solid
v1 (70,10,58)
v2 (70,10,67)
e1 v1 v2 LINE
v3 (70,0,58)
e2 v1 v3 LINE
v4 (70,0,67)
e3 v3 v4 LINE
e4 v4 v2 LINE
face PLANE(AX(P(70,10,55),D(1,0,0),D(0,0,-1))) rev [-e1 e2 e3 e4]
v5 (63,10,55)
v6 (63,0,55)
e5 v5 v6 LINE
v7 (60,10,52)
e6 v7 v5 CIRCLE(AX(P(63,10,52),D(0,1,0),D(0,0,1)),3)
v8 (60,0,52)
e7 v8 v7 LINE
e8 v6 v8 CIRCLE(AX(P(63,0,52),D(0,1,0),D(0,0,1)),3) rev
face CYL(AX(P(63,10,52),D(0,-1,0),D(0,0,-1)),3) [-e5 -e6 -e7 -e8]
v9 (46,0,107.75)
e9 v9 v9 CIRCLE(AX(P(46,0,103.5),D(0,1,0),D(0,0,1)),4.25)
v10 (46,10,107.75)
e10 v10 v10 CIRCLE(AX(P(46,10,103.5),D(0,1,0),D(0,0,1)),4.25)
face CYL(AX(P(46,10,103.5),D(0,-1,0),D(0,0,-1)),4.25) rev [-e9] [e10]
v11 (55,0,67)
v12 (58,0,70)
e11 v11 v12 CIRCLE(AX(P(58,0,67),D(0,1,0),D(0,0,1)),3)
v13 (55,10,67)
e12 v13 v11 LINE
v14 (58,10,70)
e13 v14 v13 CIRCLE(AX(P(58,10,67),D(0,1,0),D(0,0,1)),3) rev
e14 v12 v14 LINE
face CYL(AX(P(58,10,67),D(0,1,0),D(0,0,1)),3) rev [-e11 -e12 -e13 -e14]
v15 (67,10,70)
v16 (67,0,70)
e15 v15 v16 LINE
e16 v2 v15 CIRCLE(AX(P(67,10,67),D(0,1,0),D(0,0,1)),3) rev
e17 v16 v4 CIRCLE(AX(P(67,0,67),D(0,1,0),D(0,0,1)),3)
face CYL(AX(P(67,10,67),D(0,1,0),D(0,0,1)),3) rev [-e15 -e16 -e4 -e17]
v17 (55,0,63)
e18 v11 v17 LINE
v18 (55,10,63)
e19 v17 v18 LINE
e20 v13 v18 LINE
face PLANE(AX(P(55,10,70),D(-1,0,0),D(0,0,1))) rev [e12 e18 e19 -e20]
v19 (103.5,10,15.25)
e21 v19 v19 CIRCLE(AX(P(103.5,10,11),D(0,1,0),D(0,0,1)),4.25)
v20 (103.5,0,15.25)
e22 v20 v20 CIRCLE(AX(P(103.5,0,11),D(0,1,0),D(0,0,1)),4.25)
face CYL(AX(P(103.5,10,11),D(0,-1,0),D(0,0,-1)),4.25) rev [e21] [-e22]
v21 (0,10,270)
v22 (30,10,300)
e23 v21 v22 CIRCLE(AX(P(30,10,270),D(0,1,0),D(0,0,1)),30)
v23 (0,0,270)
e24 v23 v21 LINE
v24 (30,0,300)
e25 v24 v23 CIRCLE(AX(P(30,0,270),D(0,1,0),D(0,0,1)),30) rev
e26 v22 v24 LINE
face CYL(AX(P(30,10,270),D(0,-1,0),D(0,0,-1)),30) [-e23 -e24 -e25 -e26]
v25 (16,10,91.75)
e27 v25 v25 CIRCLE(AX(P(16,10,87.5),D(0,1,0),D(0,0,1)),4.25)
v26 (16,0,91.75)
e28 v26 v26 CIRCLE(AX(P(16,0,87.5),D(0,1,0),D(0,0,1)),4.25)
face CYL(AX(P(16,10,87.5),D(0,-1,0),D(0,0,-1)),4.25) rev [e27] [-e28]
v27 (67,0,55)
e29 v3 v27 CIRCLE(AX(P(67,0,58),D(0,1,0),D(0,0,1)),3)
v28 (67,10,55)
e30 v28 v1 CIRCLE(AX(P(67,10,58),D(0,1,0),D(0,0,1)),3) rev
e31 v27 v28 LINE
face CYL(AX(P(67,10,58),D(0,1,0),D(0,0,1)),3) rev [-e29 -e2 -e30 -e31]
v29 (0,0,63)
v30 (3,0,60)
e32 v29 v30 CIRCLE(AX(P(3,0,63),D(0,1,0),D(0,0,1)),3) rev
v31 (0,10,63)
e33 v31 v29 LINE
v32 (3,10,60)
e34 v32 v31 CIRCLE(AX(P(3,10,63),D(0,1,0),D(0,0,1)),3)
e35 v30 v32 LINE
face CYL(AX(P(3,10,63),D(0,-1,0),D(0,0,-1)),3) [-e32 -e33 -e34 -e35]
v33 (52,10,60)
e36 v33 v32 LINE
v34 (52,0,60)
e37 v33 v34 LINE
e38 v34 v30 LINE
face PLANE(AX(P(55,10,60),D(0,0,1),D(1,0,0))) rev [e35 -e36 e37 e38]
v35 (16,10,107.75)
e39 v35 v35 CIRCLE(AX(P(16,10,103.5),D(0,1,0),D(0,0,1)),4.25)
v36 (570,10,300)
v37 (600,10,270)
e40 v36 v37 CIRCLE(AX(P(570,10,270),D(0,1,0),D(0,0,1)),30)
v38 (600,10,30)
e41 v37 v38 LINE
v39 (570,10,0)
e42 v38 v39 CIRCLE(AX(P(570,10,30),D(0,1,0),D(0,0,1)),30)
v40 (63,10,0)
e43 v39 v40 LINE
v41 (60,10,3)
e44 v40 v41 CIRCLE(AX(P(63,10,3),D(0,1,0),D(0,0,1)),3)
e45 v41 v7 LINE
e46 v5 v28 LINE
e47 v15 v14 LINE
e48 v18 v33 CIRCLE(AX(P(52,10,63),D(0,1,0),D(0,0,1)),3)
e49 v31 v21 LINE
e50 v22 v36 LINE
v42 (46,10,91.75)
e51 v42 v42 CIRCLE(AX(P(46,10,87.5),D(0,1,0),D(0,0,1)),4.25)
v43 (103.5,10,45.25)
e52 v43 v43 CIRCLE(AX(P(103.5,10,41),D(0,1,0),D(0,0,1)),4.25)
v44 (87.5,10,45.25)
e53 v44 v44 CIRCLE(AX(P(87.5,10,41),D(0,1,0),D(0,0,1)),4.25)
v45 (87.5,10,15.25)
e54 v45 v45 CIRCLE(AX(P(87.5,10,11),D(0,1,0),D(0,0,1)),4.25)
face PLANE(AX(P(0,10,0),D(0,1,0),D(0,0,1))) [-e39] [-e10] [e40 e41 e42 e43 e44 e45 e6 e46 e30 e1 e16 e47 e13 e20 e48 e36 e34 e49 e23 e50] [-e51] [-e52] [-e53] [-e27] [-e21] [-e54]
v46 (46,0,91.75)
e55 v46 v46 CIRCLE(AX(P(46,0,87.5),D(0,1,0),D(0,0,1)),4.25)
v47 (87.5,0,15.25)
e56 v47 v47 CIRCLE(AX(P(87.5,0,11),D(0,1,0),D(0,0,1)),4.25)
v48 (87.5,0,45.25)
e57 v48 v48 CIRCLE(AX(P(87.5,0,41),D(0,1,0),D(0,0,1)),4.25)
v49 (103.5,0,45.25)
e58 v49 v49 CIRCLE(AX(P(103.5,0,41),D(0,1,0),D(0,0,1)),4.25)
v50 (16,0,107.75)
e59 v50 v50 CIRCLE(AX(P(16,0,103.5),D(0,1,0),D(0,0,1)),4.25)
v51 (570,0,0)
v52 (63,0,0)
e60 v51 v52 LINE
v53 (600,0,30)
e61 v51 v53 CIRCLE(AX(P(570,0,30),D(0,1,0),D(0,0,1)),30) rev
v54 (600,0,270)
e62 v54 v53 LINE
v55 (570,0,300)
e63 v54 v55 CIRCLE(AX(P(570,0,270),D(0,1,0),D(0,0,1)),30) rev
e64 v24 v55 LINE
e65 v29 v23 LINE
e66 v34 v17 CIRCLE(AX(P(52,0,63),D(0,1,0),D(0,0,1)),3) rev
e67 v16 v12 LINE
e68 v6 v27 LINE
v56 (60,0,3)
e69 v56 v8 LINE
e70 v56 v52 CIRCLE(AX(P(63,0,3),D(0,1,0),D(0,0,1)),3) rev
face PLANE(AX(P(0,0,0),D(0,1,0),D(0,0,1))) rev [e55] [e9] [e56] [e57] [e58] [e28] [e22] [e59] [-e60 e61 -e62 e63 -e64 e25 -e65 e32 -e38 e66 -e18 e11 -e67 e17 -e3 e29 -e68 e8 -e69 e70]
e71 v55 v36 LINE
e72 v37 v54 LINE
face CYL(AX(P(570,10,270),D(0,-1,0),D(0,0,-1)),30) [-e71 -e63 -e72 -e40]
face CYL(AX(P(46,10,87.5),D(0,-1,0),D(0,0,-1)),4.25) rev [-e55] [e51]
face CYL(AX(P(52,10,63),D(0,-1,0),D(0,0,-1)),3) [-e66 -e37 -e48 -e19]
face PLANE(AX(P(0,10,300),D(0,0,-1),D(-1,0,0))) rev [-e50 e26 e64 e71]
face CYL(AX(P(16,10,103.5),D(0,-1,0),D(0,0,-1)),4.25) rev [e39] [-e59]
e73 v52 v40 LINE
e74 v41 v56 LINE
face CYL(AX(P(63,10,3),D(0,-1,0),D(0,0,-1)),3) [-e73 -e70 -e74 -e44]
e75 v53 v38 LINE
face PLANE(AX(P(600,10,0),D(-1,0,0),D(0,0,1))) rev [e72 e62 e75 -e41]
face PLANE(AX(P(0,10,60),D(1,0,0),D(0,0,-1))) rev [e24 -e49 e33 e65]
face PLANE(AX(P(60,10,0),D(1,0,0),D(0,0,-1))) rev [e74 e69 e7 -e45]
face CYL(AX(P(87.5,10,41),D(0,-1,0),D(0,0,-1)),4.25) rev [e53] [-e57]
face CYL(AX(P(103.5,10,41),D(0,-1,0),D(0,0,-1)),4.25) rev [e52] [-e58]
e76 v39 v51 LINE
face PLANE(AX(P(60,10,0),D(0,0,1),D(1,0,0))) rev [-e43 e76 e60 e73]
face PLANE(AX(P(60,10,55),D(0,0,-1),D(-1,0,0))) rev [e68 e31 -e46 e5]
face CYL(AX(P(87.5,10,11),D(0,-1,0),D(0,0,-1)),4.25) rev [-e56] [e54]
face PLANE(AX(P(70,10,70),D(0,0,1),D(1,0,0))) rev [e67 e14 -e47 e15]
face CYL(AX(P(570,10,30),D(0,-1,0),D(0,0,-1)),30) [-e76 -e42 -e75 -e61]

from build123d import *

# Parameters (mm, degrees)
SKETCH_1_R      = 4.25
EXTRUDE_1_DEPTH = 10
FILLET_1_R      = 30
FILLET_2_R      = 3


with BuildPart() as part:
    # 草图1 → 凸台-拉伸1 (new body)
    with BuildSketch(Plane(origin=(0, 0, 0), x_dir=(1, 0, 0), z_dir=(0, 1, 0))):
        Polygon((60, 0), (60, -55), (70, -55), (70, -70), (55, -70), (55, -60), (0, -60), (0, -300), (600, -300), (600, 0), align=None)
        with Locations(Location((103.5, -11, 0), (0, 0, 270))):
            Circle(SKETCH_1_R, mode=Mode.SUBTRACT)
        with Locations(Location((87.5, -11, 0), (0, 0, 270))):
            Circle(SKETCH_1_R, mode=Mode.SUBTRACT)
        with Locations(Location((103.5, -41, 0), (0, 0, 270))):
            Circle(SKETCH_1_R, mode=Mode.SUBTRACT)
        with Locations(Location((87.5, -41, 0), (0, 0, 270))):
            Circle(SKETCH_1_R, mode=Mode.SUBTRACT)
        with Locations(Location((16, -87.5, 0), (0, 0, 270))):
            Circle(SKETCH_1_R, mode=Mode.SUBTRACT)
        with Locations(Location((46, -87.5, 0), (0, 0, 270))):
            Circle(SKETCH_1_R, mode=Mode.SUBTRACT)
        with Locations(Location((16, -103.5, 0), (0, 0, 270))):
            Circle(SKETCH_1_R, mode=Mode.SUBTRACT)
        with Locations(Location((46, -103.5, 0), (0, 0, 270))):
            Circle(SKETCH_1_R, mode=Mode.SUBTRACT)
    extrude(amount=EXTRUDE_1_DEPTH)

    # 圆角1
    fillet_1_edges = [part.edges().sort_by_distance(p)[0] for p in [
        (600, 5, 300),
        (0, 5, 300),
        (600, 5, 0),
    ]]
    fillet(fillet_1_edges, radius=FILLET_1_R)

    # 圆角2
    fillet_2_edges = [part.edges().sort_by_distance(p)[0] for p in [
        (0, 5, 60),
        (55, 5, 60),
        (55, 5, 70),
        (70, 5, 70),
        (70, 5, 55),
        (60, 5, 55),
        (60, 5, 0),
    ]]
    fillet(fillet_2_edges, radius=FILLET_2_R)


solid = part.part
